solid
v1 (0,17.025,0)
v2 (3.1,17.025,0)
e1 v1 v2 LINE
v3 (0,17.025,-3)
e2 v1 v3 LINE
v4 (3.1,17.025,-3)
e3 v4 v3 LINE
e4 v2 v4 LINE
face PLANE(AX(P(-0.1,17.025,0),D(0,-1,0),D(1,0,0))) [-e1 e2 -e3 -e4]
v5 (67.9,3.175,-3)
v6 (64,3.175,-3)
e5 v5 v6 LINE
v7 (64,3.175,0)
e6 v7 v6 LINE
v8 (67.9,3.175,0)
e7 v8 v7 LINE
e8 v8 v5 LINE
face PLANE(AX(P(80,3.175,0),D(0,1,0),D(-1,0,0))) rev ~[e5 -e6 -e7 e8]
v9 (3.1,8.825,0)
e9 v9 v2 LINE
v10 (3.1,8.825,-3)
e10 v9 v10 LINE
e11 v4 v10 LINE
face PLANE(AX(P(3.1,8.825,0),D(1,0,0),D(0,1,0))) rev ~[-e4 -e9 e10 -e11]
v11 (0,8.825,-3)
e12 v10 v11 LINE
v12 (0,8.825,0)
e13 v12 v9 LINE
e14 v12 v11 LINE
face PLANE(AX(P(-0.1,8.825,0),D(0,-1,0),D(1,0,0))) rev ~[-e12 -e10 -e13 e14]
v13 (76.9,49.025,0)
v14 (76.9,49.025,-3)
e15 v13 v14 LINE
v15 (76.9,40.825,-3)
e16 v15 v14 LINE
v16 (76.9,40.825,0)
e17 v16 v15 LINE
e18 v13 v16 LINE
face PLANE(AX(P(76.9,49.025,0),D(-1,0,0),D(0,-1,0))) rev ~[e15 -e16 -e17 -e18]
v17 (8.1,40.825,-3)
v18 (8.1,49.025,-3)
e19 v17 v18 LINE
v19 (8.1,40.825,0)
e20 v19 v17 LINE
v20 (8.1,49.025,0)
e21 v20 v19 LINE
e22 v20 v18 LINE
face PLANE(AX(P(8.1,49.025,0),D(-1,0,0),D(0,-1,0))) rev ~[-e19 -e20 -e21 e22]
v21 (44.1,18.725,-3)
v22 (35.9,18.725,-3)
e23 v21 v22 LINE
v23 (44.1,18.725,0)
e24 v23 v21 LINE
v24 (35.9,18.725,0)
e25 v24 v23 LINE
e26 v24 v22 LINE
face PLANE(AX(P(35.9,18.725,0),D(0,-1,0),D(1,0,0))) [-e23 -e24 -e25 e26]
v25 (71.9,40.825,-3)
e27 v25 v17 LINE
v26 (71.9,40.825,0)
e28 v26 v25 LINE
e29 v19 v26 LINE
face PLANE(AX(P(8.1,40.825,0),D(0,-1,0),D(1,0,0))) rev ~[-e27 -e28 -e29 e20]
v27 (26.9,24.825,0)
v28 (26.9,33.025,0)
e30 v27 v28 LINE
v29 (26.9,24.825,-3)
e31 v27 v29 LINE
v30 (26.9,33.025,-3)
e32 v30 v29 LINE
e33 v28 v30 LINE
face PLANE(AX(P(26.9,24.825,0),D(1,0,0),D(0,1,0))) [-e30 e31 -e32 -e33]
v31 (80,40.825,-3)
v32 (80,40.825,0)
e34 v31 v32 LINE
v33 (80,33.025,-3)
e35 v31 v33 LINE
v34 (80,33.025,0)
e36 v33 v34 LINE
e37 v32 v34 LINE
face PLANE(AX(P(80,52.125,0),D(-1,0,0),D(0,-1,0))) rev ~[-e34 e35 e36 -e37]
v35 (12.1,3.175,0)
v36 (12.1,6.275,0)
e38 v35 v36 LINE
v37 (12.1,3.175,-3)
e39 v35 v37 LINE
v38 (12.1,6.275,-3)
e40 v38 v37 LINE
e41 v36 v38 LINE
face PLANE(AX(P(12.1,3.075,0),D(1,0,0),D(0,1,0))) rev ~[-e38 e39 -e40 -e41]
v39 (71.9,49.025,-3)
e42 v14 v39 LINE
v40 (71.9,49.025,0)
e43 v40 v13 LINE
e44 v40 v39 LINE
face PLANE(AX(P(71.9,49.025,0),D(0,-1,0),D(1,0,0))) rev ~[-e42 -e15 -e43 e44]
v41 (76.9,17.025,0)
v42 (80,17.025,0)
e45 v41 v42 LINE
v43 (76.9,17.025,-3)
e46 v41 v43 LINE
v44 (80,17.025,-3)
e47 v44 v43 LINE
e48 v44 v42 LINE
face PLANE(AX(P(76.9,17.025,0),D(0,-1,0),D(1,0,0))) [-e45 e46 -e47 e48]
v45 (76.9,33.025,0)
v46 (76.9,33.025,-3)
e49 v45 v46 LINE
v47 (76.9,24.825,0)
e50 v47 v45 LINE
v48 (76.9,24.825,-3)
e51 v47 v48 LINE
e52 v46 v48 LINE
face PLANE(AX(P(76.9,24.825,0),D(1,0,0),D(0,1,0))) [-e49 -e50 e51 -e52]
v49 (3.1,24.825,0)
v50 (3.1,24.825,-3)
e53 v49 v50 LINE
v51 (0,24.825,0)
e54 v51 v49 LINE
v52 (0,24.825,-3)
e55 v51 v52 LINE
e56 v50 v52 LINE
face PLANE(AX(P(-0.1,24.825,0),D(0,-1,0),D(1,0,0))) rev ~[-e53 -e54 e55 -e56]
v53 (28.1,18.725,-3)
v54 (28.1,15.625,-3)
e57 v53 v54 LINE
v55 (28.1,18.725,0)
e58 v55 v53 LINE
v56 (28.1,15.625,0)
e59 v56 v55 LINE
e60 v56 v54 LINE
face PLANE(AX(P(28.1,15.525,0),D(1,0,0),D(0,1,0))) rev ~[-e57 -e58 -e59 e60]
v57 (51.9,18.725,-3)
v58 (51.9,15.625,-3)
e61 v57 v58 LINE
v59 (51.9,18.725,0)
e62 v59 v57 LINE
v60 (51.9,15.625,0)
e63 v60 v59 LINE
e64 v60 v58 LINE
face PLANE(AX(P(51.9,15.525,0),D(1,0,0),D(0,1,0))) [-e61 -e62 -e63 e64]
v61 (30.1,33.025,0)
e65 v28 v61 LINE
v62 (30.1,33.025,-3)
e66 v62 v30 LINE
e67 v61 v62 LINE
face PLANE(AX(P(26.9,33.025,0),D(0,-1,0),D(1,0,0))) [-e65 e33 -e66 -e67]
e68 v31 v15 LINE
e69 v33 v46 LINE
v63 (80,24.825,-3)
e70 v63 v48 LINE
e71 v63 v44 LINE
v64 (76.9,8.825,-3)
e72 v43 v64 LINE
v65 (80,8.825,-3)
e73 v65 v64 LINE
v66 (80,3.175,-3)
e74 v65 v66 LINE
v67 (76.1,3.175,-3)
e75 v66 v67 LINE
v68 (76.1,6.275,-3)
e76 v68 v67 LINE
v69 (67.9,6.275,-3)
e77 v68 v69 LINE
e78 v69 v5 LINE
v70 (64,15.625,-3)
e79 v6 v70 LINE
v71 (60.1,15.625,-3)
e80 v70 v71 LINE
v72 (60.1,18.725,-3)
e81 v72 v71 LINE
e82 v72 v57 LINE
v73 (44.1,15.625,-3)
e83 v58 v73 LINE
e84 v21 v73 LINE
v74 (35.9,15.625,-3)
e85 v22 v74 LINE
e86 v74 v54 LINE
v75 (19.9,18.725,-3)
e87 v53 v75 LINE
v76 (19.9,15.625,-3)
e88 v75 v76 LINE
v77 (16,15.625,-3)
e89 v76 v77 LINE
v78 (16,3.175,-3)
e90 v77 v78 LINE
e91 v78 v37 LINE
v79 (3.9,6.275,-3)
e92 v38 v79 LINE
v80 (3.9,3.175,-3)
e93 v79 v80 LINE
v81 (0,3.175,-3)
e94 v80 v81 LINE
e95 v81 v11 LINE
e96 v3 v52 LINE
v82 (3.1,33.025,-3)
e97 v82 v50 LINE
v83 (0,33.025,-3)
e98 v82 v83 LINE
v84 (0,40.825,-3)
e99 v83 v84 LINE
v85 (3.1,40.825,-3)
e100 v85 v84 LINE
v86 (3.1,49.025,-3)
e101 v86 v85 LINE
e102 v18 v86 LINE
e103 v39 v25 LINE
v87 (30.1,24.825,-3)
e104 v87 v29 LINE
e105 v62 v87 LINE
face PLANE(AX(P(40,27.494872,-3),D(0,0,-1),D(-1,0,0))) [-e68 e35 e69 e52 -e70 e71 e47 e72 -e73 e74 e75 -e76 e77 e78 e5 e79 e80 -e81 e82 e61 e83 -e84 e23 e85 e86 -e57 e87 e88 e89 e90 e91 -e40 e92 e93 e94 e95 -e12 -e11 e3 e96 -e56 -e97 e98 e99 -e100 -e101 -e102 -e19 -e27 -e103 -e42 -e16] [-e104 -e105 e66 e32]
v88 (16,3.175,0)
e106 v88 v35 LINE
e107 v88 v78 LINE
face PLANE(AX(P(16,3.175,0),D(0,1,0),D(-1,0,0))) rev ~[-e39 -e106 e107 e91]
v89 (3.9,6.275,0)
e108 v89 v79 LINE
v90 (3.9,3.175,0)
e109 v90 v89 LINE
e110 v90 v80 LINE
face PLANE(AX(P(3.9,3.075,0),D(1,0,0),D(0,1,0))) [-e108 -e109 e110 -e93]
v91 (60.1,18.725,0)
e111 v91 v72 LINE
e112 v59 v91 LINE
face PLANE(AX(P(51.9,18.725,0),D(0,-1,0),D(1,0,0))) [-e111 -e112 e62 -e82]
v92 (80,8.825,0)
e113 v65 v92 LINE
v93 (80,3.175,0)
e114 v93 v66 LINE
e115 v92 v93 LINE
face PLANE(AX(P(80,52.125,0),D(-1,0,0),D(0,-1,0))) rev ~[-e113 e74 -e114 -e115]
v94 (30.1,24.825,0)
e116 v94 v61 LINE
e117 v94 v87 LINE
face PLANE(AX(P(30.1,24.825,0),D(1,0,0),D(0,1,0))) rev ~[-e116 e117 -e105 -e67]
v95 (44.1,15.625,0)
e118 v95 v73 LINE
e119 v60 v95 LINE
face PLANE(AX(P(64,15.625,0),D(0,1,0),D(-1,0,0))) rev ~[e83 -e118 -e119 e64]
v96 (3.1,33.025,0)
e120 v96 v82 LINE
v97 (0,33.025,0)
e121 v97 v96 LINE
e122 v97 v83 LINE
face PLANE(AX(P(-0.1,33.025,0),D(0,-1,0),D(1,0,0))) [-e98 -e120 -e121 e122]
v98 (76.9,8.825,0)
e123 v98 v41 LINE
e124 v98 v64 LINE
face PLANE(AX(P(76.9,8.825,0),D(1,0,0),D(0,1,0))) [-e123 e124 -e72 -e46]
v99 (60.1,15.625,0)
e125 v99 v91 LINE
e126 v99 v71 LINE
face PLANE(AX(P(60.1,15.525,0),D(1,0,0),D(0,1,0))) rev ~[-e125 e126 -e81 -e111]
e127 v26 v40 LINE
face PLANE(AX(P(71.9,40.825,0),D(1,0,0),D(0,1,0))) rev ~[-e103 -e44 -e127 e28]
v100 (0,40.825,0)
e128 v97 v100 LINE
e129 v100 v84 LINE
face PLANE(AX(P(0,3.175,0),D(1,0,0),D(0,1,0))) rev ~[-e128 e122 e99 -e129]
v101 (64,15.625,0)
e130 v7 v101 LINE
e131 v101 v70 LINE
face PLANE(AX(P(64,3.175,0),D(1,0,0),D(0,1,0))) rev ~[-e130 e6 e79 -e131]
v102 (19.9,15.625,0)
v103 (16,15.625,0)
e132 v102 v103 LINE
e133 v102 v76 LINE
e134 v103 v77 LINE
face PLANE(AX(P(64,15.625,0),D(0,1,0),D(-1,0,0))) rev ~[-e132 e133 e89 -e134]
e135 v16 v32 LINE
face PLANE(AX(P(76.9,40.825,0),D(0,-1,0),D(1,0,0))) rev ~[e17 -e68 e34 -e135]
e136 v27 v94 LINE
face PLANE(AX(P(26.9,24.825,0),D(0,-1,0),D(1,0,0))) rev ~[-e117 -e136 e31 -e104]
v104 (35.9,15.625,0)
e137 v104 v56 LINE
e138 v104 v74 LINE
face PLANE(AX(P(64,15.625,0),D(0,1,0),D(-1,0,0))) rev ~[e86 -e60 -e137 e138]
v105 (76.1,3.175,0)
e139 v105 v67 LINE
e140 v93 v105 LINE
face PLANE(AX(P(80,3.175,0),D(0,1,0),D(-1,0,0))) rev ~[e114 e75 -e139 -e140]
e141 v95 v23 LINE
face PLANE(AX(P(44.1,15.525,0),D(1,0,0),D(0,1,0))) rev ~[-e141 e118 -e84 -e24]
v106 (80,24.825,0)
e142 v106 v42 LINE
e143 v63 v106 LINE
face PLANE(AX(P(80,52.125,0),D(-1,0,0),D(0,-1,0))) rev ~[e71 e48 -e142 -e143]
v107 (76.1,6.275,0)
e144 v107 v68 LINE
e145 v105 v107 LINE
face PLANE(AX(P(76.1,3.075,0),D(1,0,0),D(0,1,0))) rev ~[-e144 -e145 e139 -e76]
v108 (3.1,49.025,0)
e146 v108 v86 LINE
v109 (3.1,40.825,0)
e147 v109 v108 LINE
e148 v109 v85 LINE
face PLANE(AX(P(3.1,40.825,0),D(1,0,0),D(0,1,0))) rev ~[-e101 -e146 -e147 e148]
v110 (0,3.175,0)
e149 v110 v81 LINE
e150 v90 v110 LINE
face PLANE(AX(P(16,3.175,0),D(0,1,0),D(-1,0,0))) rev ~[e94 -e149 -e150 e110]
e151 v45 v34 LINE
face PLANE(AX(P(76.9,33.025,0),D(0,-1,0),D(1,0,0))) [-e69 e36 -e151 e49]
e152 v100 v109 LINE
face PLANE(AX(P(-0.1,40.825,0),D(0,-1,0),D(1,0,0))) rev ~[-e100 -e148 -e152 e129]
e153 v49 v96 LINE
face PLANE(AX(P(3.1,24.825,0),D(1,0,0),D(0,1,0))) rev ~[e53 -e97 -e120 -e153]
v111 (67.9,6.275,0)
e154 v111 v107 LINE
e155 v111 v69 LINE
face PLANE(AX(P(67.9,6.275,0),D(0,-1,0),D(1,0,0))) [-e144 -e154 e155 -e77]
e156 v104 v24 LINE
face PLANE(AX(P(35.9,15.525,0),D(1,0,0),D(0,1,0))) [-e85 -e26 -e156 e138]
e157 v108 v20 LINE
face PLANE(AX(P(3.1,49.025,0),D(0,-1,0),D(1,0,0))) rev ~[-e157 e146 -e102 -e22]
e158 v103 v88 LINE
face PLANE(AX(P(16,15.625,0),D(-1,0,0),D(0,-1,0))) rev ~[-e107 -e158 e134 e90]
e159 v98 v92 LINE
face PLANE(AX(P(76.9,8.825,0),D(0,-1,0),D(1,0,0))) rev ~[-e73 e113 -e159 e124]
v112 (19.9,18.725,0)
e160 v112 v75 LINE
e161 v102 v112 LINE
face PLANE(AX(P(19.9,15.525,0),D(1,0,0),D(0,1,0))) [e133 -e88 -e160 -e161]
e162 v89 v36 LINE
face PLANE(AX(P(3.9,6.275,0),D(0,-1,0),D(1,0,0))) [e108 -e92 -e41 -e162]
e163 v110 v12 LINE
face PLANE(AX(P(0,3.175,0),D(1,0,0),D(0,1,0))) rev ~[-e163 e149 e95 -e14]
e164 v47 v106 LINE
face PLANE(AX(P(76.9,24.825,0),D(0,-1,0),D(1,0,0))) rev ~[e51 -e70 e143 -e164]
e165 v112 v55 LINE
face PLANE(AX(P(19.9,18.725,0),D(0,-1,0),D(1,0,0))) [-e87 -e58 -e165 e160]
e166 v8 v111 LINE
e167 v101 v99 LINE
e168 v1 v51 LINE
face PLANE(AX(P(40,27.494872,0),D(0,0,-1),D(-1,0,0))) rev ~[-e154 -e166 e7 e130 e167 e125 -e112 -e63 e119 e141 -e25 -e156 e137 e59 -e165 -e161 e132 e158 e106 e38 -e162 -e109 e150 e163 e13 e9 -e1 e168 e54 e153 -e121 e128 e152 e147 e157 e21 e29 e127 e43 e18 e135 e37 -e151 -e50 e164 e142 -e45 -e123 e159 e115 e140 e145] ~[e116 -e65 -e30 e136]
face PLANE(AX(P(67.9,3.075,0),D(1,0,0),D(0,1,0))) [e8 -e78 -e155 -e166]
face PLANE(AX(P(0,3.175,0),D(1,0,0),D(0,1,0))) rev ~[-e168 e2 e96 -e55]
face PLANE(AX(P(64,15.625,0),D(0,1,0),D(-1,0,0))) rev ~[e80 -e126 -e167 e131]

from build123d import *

# Parameters (mm, degrees)
BOSS_EXTRUDE1_DEPTH = 3
SKETCH3_W           = 8.2
SKETCH3_H           = 3.2
SKETCH3_W_2         = 3.2
SKETCH3_H_2         = 8.2
CUT_EXTRUDE3_DEPTH  = 4


with BuildPart() as part:
    # Sketch1 → Boss-Extrude1 (new body)
    with BuildSketch(Plane.XY):
        Polygon((0, 52.125), (11.2, 52.125), (11.2, 43.925), (16.5, 43.925), (16.5, 40.925), (63.5, 40.925), (63.5, 43.925), (68.8, 43.925), (68.8, 52.125), (80, 52.125), (80, 3.175), (64, 3.175), (64, 15.625), (16, 15.625), (16, 3.175), (0, 3.175), align=None)
    extrude(amount=-BOSS_EXTRUDE1_DEPTH)

    # Sketch3 → Cut-Extrude3 (cut, through all)
    with BuildSketch(Plane.XY):
        with Locations((40, 17.125)):
            Rectangle(SKETCH3_W, SKETCH3_H)
        with Locations((56, 17.125)):
            Rectangle(SKETCH3_W, SKETCH3_H)
        with Locations((24, 17.125)):
            Rectangle(SKETCH3_W, SKETCH3_H)
        with Locations((78.5, 12.925)):
            Rectangle(SKETCH3_W_2, SKETCH3_H_2)
        Polygon((3.1, 40.825), (3.1, 49.025), (8.1, 49.025), (8.1, 40.825), (71.9, 40.825), (71.9, 49.025), (76.9, 49.025), (76.9, 40.825), (80.1, 40.825), (80.1, 52.225), (68.7, 52.225), (68.7, 44.025), (11.3, 44.025), (11.3, 52.225), (-0.1, 52.225), (-0.1, 40.825), align=None)
        with Locations((28.5, 28.925)):
            Rectangle(SKETCH3_W_2, SKETCH3_H_2)
        with Locations((8, 4.675)):
            Rectangle(SKETCH3_W, SKETCH3_H)
        with Locations((1.5, 12.925)):
            Rectangle(SKETCH3_W_2, SKETCH3_H_2)
        with Locations((1.5, 28.925)):
            Rectangle(SKETCH3_W_2, SKETCH3_H_2)
        with Locations((78.5, 28.925)):
            Rectangle(SKETCH3_W_2, SKETCH3_H_2)
        with Locations((72, 4.675)):
            Rectangle(SKETCH3_W, SKETCH3_H)
    extrude(amount=-CUT_EXTRUDE3_DEPTH, mode=Mode.SUBTRACT)


solid = part.part
